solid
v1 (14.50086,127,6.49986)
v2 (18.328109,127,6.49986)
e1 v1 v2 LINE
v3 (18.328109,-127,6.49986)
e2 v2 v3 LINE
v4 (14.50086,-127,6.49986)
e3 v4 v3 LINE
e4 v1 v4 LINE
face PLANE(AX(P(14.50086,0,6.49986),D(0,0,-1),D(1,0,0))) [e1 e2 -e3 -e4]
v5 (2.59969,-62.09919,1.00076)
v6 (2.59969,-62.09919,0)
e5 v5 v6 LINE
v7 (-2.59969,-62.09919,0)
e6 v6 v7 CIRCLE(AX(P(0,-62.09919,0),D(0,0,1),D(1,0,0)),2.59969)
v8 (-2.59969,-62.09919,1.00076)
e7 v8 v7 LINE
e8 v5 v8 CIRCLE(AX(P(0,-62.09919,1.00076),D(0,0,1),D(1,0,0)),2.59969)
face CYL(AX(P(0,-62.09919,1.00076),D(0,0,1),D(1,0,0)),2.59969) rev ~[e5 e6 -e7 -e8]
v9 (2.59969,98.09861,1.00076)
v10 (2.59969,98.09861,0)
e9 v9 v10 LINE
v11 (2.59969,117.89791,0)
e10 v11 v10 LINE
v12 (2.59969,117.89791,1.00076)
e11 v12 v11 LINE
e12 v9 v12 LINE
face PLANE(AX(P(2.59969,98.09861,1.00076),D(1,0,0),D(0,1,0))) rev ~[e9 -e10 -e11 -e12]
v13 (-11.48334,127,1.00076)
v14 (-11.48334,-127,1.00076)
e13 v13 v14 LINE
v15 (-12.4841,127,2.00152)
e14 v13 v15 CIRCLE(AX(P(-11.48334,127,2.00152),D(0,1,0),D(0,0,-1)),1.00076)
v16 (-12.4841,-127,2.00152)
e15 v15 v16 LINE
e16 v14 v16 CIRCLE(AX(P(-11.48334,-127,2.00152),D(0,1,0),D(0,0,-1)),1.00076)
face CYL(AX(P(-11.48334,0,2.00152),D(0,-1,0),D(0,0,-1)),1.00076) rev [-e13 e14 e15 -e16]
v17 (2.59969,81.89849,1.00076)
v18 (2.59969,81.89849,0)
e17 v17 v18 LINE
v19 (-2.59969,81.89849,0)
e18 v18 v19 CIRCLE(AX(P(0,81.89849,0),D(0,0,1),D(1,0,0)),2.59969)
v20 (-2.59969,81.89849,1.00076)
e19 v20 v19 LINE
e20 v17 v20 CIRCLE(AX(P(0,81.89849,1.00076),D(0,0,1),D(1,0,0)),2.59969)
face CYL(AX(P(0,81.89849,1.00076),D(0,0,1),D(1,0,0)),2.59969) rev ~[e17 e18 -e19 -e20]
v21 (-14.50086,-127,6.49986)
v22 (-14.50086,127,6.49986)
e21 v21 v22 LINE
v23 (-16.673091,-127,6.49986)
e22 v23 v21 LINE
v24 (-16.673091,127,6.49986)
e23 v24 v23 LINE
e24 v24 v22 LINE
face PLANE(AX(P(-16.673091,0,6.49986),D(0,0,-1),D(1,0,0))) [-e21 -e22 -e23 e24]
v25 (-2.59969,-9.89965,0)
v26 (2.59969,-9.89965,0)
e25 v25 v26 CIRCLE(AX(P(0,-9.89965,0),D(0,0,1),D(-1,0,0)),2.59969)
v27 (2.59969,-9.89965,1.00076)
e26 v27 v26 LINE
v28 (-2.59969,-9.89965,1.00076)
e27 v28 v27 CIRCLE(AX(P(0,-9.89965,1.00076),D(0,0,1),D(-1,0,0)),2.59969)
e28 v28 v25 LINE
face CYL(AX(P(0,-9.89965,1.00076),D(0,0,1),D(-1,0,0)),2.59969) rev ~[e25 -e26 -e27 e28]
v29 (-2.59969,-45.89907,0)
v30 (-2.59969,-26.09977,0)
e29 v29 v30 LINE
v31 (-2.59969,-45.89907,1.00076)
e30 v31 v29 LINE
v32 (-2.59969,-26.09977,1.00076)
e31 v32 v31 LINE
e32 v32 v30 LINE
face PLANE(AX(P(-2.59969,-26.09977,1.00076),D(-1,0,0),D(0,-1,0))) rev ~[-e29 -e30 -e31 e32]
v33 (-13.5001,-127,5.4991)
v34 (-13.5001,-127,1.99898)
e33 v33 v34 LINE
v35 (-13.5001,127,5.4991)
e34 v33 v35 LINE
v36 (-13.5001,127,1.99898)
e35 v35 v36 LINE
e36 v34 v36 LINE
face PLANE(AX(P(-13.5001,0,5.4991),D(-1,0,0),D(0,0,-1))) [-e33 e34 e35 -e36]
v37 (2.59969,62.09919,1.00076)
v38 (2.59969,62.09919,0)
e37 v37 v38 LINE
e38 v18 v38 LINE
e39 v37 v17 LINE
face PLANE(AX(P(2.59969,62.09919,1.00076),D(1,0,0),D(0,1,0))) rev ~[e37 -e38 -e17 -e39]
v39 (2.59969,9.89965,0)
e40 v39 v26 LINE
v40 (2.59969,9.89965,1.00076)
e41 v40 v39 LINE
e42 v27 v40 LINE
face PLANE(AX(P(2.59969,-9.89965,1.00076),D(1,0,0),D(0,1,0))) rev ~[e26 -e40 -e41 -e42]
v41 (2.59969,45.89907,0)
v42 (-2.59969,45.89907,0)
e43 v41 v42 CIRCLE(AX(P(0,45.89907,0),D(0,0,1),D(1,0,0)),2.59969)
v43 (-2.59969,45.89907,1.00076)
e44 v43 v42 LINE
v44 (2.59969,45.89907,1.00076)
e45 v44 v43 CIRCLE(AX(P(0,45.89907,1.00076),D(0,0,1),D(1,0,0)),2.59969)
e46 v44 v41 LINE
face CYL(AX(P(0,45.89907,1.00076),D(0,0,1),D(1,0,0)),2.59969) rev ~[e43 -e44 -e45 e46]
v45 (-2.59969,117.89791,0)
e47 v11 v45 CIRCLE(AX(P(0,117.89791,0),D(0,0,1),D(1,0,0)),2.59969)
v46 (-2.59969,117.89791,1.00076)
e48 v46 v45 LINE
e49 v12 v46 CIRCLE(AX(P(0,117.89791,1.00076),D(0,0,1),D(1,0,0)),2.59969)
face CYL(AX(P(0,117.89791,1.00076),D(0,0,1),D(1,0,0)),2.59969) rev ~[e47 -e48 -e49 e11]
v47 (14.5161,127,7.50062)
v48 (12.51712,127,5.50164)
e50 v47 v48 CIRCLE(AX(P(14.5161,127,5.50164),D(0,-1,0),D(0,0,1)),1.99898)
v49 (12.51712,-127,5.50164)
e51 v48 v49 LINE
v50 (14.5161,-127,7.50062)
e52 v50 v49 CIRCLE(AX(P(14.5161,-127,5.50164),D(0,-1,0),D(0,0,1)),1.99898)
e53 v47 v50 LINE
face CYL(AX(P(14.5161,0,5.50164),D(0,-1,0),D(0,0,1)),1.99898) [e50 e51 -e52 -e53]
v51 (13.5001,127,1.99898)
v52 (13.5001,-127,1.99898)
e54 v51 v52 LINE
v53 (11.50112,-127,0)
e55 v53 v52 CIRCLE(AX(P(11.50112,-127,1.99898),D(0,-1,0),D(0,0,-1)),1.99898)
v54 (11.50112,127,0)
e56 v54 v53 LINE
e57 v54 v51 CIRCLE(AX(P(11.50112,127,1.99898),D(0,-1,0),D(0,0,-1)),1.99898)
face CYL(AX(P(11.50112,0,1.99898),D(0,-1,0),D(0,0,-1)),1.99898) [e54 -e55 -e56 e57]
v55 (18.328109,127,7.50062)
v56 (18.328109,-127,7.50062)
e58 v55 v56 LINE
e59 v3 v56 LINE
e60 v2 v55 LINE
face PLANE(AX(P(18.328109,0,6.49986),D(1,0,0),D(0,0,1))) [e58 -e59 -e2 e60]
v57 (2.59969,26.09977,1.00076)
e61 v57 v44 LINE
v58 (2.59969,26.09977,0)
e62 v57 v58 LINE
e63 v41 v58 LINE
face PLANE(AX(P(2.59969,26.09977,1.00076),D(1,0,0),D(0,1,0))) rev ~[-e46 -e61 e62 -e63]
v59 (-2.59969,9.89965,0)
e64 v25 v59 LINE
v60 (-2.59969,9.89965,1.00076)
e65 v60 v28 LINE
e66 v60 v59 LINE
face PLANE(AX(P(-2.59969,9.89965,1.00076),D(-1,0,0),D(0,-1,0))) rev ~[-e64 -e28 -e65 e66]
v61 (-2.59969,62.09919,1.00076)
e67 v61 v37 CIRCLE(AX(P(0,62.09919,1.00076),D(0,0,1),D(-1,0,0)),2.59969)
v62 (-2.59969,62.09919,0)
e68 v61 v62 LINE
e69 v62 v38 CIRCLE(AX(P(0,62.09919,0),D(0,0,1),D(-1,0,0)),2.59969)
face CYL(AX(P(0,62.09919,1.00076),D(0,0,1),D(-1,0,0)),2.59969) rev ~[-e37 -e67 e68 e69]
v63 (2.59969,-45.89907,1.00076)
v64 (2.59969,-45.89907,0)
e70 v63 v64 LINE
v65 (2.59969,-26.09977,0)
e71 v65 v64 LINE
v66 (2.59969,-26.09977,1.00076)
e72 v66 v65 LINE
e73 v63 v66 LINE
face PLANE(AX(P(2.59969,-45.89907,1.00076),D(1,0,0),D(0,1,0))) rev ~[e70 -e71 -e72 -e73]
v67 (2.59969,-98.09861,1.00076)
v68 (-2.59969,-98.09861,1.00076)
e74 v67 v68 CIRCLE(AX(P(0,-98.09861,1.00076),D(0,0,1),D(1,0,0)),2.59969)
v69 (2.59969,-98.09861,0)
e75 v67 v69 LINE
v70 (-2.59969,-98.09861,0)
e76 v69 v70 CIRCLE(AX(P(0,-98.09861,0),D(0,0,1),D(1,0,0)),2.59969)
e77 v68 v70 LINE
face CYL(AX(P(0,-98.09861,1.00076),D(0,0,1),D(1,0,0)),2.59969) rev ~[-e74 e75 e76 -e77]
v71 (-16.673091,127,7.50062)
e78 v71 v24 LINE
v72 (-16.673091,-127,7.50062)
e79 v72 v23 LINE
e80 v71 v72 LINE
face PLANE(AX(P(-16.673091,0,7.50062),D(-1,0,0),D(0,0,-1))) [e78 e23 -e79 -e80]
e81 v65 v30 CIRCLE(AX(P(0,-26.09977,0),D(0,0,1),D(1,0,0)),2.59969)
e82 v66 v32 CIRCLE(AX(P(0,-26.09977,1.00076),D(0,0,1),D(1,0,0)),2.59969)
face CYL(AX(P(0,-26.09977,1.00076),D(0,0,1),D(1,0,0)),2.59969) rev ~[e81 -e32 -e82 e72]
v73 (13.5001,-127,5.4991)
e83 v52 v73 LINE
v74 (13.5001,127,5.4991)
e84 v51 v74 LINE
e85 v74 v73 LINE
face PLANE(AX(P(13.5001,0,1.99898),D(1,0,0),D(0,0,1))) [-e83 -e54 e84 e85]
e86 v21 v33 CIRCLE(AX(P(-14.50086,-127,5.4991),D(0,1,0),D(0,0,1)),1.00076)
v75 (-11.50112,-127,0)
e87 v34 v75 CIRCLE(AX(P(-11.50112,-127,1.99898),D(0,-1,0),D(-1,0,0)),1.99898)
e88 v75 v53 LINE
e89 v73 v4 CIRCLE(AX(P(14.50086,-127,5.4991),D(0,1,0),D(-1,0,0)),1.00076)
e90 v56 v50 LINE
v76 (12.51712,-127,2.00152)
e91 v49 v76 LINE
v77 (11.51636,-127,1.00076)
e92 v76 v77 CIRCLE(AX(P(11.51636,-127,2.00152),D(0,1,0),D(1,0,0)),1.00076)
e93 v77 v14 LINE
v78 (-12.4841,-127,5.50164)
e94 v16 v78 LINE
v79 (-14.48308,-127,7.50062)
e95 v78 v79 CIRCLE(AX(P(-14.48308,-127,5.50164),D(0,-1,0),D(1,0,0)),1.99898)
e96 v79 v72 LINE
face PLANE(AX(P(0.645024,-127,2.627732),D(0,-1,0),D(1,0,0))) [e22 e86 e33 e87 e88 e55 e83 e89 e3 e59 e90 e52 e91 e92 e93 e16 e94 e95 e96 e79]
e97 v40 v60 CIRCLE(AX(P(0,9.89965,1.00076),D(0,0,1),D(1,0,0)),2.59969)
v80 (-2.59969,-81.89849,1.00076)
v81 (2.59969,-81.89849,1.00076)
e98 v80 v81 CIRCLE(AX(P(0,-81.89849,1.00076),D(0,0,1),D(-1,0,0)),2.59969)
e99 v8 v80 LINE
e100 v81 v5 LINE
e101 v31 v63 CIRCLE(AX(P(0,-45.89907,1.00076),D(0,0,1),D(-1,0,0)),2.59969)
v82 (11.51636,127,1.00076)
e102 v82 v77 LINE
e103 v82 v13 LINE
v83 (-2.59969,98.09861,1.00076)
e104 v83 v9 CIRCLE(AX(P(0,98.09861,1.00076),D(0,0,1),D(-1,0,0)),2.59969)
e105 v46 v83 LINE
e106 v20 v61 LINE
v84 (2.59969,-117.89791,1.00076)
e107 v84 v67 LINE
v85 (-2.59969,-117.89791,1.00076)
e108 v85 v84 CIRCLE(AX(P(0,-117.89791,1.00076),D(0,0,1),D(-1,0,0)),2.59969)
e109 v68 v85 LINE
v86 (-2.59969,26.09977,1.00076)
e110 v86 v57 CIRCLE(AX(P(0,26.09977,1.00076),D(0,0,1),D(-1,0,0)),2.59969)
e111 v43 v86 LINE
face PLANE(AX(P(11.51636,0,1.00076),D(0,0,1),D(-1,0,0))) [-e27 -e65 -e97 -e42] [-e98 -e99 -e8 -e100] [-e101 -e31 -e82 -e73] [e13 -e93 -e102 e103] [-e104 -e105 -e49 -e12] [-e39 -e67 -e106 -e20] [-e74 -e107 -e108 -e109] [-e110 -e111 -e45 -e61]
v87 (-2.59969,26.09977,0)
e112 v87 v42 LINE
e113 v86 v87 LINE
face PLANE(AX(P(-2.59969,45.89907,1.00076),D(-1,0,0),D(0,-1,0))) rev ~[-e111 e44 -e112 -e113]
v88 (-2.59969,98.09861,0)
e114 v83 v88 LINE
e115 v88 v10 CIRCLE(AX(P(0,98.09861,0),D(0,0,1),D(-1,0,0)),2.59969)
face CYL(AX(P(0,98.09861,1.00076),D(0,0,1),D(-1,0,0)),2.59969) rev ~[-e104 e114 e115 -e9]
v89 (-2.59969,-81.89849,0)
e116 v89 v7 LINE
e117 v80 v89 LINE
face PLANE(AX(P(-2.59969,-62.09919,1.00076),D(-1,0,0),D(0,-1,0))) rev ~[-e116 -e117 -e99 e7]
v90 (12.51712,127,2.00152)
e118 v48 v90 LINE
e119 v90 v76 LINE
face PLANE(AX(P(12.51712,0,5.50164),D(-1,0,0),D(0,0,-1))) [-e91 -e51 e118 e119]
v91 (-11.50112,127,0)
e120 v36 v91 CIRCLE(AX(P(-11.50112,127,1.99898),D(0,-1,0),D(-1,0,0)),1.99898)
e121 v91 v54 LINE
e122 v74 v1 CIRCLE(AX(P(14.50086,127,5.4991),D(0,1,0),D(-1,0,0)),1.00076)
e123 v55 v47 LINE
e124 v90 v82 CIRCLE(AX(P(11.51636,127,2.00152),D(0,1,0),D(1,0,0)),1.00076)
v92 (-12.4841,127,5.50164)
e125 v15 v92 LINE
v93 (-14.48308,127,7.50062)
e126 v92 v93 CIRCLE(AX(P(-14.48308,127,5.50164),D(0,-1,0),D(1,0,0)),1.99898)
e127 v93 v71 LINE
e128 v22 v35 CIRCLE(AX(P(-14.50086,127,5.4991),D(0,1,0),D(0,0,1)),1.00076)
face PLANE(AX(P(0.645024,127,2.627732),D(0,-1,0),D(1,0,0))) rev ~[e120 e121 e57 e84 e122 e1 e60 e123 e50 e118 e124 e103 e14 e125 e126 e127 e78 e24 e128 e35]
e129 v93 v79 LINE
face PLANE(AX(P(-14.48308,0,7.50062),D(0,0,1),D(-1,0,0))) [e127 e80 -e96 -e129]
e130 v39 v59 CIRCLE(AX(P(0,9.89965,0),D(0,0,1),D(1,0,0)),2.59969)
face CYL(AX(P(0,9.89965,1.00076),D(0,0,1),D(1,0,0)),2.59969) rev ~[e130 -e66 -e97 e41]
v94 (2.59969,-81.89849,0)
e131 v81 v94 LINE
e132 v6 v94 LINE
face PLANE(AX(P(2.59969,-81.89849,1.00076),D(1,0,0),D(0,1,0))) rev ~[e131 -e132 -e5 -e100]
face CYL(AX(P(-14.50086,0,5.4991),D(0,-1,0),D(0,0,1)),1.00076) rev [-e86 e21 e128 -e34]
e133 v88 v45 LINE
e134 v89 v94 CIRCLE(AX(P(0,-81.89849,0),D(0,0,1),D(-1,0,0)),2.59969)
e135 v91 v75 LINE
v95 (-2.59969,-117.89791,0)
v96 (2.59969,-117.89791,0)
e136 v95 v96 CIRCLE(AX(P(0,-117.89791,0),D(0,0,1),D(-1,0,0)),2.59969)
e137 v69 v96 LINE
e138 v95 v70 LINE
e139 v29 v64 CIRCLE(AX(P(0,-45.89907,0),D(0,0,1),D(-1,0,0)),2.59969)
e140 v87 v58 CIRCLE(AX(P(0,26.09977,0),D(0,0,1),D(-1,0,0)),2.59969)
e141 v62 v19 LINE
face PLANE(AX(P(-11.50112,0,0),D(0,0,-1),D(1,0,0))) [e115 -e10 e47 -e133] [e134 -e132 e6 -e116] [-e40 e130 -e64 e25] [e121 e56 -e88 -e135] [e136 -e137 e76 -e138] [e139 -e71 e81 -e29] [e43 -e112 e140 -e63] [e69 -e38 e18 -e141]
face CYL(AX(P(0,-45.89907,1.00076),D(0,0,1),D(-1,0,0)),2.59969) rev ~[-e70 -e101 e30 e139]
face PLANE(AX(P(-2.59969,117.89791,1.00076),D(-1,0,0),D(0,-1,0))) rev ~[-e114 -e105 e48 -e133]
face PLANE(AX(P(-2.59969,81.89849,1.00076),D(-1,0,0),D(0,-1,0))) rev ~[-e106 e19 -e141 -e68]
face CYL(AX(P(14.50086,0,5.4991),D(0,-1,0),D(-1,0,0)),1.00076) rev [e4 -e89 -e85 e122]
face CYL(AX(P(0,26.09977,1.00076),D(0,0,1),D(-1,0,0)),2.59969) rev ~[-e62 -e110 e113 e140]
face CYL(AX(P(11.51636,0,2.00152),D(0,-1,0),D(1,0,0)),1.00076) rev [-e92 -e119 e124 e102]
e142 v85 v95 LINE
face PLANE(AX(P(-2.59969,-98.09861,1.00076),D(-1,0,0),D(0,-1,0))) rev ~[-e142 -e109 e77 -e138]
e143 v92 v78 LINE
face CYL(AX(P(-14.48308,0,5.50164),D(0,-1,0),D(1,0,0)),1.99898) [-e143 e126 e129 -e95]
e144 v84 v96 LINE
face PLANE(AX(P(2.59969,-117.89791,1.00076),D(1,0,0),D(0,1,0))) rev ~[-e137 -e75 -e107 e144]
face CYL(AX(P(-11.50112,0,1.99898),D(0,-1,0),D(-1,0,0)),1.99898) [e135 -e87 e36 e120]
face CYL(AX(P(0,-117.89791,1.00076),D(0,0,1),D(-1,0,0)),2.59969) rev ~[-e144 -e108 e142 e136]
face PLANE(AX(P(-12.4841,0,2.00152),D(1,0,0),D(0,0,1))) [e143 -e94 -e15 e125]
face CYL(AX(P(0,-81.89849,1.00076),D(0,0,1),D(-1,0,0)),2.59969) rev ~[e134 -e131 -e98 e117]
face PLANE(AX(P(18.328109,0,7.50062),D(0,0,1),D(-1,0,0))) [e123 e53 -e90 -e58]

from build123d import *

# Parameters (mm, degrees)
F1_DEPTH = 127
F3_DEPTH = 1.00176


with BuildPart() as f1:
    # F0 (on Front) → F1 (new body, symmetric)
    with BuildSketch(Plane.XZ):
        with BuildLine():
            ThreePointArc((-13.5001, 1.99898), (-12.9146123135, 0.5854876865), (-11.50112, 0))
            Line((-11.50112, 0), (11.50112, 0))
            ThreePointArc((11.50112, 0), (12.9146123135, 0.5854876865), (13.5001, 1.99898))
            Line((13.5001, 1.99898), (13.5001, 5.4991))
            ThreePointArc((13.5001, 5.4991), (13.7932158177, 6.2067441823), (14.50086, 6.49986))
            Line((14.50086, 6.49986), (18.3281093243, 6.49986))
            Line((18.3281093243, 6.49986), (18.3281093243, 7.50062))
            Line((18.3281093243, 7.50062), (14.5161, 7.50062))
            ThreePointArc((14.5161, 7.50062), (13.1026076865, 6.9151323135), (12.51712, 5.50164))
            Line((12.51712, 5.50164), (12.51712, 2.00152))
            ThreePointArc((12.51712, 2.00152), (12.2240041823, 1.2938758177), (11.51636, 1.00076))
            Line((11.51636, 1.00076), (-11.48334, 1.00076))
            ThreePointArc((-11.48334, 1.00076), (-12.1909841823, 1.2938758177), (-12.4841, 2.00152))
            Line((-12.4841, 2.00152), (-12.4841, 5.50164))
            ThreePointArc((-12.4841, 5.50164), (-13.0695876865, 6.9151323135), (-14.48308, 7.50062))
            Line((-14.48308, 7.50062), (-16.6730906757, 7.50062))
            Line((-16.6730906757, 7.50062), (-16.6730906757, 6.49986))
            Line((-16.6730906757, 6.49986), (-14.50086, 6.49986))
            ThreePointArc((-14.50086, 6.49986), (-13.7932158177, 6.2067441823), (-13.5001, 5.4991))
            Line((-13.5001, 5.4991), (-13.5001, 1.99898))
        make_face()
    extrude(amount=F1_DEPTH, both=True)

    # F2 (on face) → F3 (cut, through all)
    with BuildSketch(Plane.XY.offset(1.00076)):
        with BuildLine():
            ThreePointArc((2.59969, 9.89965), (0, 12.49934), (-2.59969, 9.89965))
            Line((-2.59969, 9.89965), (-2.59969, -9.89965))
            ThreePointArc((-2.59969, -9.89965), (0, -12.49934), (2.59969, -9.89965))
            Line((2.59969, -9.89965), (2.59969, 9.89965))
        make_face()
        with BuildLine():
            ThreePointArc((-2.59969, 26.09977), (0, 23.50008), (2.59969, 26.09977))
            Line((2.59969, 26.09977), (2.59969, 45.89907))
            ThreePointArc((2.59969, 45.89907), (0, 48.49876), (-2.59969, 45.89907))
            Line((-2.59969, 45.89907), (-2.59969, 26.09977))
        make_face()
        with BuildLine():
            ThreePointArc((-2.59969, 62.09919), (0, 59.4995), (2.59969, 62.09919))
            Line((2.59969, 62.09919), (2.59969, 81.89849))
            ThreePointArc((2.59969, 81.89849), (0, 84.49818), (-2.59969, 81.89849))
            Line((-2.59969, 81.89849), (-2.59969, 62.09919))
        make_face()
        with BuildLine():
            ThreePointArc((-2.59969, 98.09861), (0, 95.49892), (2.59969, 98.09861))
            Line((2.59969, 98.09861), (2.59969, 117.89791))
            ThreePointArc((2.59969, 117.89791), (0, 120.4976), (-2.59969, 117.89791))
            Line((-2.59969, 117.89791), (-2.59969, 98.09861))
        make_face()
        with BuildLine():
            ThreePointArc((-2.59969, -45.89907), (0, -48.49876), (2.59969, -45.89907))
            Line((2.59969, -45.89907), (2.59969, -26.09977))
            ThreePointArc((2.59969, -26.09977), (0, -23.50008), (-2.59969, -26.09977))
            Line((-2.59969, -26.09977), (-2.59969, -45.89907))
        make_face()
        with BuildLine():
            ThreePointArc((-2.59969, -81.89849), (0, -84.49818), (2.59969, -81.89849))
            Line((2.59969, -81.89849), (2.59969, -62.09919))
            ThreePointArc((2.59969, -62.09919), (0, -59.4995), (-2.59969, -62.09919))
            Line((-2.59969, -62.09919), (-2.59969, -81.89849))
        make_face()
        with BuildLine():
            ThreePointArc((-2.59969, -117.89791), (0, -120.4976), (2.59969, -117.89791))
            Line((2.59969, -117.89791), (2.59969, -98.09861))
            ThreePointArc((2.59969, -98.09861), (0, -95.49892), (-2.59969, -98.09861))
            Line((-2.59969, -98.09861), (-2.59969, -117.89791))
        make_face()
    extrude(amount=-F3_DEPTH, mode=Mode.SUBTRACT)


solid = f1.part
